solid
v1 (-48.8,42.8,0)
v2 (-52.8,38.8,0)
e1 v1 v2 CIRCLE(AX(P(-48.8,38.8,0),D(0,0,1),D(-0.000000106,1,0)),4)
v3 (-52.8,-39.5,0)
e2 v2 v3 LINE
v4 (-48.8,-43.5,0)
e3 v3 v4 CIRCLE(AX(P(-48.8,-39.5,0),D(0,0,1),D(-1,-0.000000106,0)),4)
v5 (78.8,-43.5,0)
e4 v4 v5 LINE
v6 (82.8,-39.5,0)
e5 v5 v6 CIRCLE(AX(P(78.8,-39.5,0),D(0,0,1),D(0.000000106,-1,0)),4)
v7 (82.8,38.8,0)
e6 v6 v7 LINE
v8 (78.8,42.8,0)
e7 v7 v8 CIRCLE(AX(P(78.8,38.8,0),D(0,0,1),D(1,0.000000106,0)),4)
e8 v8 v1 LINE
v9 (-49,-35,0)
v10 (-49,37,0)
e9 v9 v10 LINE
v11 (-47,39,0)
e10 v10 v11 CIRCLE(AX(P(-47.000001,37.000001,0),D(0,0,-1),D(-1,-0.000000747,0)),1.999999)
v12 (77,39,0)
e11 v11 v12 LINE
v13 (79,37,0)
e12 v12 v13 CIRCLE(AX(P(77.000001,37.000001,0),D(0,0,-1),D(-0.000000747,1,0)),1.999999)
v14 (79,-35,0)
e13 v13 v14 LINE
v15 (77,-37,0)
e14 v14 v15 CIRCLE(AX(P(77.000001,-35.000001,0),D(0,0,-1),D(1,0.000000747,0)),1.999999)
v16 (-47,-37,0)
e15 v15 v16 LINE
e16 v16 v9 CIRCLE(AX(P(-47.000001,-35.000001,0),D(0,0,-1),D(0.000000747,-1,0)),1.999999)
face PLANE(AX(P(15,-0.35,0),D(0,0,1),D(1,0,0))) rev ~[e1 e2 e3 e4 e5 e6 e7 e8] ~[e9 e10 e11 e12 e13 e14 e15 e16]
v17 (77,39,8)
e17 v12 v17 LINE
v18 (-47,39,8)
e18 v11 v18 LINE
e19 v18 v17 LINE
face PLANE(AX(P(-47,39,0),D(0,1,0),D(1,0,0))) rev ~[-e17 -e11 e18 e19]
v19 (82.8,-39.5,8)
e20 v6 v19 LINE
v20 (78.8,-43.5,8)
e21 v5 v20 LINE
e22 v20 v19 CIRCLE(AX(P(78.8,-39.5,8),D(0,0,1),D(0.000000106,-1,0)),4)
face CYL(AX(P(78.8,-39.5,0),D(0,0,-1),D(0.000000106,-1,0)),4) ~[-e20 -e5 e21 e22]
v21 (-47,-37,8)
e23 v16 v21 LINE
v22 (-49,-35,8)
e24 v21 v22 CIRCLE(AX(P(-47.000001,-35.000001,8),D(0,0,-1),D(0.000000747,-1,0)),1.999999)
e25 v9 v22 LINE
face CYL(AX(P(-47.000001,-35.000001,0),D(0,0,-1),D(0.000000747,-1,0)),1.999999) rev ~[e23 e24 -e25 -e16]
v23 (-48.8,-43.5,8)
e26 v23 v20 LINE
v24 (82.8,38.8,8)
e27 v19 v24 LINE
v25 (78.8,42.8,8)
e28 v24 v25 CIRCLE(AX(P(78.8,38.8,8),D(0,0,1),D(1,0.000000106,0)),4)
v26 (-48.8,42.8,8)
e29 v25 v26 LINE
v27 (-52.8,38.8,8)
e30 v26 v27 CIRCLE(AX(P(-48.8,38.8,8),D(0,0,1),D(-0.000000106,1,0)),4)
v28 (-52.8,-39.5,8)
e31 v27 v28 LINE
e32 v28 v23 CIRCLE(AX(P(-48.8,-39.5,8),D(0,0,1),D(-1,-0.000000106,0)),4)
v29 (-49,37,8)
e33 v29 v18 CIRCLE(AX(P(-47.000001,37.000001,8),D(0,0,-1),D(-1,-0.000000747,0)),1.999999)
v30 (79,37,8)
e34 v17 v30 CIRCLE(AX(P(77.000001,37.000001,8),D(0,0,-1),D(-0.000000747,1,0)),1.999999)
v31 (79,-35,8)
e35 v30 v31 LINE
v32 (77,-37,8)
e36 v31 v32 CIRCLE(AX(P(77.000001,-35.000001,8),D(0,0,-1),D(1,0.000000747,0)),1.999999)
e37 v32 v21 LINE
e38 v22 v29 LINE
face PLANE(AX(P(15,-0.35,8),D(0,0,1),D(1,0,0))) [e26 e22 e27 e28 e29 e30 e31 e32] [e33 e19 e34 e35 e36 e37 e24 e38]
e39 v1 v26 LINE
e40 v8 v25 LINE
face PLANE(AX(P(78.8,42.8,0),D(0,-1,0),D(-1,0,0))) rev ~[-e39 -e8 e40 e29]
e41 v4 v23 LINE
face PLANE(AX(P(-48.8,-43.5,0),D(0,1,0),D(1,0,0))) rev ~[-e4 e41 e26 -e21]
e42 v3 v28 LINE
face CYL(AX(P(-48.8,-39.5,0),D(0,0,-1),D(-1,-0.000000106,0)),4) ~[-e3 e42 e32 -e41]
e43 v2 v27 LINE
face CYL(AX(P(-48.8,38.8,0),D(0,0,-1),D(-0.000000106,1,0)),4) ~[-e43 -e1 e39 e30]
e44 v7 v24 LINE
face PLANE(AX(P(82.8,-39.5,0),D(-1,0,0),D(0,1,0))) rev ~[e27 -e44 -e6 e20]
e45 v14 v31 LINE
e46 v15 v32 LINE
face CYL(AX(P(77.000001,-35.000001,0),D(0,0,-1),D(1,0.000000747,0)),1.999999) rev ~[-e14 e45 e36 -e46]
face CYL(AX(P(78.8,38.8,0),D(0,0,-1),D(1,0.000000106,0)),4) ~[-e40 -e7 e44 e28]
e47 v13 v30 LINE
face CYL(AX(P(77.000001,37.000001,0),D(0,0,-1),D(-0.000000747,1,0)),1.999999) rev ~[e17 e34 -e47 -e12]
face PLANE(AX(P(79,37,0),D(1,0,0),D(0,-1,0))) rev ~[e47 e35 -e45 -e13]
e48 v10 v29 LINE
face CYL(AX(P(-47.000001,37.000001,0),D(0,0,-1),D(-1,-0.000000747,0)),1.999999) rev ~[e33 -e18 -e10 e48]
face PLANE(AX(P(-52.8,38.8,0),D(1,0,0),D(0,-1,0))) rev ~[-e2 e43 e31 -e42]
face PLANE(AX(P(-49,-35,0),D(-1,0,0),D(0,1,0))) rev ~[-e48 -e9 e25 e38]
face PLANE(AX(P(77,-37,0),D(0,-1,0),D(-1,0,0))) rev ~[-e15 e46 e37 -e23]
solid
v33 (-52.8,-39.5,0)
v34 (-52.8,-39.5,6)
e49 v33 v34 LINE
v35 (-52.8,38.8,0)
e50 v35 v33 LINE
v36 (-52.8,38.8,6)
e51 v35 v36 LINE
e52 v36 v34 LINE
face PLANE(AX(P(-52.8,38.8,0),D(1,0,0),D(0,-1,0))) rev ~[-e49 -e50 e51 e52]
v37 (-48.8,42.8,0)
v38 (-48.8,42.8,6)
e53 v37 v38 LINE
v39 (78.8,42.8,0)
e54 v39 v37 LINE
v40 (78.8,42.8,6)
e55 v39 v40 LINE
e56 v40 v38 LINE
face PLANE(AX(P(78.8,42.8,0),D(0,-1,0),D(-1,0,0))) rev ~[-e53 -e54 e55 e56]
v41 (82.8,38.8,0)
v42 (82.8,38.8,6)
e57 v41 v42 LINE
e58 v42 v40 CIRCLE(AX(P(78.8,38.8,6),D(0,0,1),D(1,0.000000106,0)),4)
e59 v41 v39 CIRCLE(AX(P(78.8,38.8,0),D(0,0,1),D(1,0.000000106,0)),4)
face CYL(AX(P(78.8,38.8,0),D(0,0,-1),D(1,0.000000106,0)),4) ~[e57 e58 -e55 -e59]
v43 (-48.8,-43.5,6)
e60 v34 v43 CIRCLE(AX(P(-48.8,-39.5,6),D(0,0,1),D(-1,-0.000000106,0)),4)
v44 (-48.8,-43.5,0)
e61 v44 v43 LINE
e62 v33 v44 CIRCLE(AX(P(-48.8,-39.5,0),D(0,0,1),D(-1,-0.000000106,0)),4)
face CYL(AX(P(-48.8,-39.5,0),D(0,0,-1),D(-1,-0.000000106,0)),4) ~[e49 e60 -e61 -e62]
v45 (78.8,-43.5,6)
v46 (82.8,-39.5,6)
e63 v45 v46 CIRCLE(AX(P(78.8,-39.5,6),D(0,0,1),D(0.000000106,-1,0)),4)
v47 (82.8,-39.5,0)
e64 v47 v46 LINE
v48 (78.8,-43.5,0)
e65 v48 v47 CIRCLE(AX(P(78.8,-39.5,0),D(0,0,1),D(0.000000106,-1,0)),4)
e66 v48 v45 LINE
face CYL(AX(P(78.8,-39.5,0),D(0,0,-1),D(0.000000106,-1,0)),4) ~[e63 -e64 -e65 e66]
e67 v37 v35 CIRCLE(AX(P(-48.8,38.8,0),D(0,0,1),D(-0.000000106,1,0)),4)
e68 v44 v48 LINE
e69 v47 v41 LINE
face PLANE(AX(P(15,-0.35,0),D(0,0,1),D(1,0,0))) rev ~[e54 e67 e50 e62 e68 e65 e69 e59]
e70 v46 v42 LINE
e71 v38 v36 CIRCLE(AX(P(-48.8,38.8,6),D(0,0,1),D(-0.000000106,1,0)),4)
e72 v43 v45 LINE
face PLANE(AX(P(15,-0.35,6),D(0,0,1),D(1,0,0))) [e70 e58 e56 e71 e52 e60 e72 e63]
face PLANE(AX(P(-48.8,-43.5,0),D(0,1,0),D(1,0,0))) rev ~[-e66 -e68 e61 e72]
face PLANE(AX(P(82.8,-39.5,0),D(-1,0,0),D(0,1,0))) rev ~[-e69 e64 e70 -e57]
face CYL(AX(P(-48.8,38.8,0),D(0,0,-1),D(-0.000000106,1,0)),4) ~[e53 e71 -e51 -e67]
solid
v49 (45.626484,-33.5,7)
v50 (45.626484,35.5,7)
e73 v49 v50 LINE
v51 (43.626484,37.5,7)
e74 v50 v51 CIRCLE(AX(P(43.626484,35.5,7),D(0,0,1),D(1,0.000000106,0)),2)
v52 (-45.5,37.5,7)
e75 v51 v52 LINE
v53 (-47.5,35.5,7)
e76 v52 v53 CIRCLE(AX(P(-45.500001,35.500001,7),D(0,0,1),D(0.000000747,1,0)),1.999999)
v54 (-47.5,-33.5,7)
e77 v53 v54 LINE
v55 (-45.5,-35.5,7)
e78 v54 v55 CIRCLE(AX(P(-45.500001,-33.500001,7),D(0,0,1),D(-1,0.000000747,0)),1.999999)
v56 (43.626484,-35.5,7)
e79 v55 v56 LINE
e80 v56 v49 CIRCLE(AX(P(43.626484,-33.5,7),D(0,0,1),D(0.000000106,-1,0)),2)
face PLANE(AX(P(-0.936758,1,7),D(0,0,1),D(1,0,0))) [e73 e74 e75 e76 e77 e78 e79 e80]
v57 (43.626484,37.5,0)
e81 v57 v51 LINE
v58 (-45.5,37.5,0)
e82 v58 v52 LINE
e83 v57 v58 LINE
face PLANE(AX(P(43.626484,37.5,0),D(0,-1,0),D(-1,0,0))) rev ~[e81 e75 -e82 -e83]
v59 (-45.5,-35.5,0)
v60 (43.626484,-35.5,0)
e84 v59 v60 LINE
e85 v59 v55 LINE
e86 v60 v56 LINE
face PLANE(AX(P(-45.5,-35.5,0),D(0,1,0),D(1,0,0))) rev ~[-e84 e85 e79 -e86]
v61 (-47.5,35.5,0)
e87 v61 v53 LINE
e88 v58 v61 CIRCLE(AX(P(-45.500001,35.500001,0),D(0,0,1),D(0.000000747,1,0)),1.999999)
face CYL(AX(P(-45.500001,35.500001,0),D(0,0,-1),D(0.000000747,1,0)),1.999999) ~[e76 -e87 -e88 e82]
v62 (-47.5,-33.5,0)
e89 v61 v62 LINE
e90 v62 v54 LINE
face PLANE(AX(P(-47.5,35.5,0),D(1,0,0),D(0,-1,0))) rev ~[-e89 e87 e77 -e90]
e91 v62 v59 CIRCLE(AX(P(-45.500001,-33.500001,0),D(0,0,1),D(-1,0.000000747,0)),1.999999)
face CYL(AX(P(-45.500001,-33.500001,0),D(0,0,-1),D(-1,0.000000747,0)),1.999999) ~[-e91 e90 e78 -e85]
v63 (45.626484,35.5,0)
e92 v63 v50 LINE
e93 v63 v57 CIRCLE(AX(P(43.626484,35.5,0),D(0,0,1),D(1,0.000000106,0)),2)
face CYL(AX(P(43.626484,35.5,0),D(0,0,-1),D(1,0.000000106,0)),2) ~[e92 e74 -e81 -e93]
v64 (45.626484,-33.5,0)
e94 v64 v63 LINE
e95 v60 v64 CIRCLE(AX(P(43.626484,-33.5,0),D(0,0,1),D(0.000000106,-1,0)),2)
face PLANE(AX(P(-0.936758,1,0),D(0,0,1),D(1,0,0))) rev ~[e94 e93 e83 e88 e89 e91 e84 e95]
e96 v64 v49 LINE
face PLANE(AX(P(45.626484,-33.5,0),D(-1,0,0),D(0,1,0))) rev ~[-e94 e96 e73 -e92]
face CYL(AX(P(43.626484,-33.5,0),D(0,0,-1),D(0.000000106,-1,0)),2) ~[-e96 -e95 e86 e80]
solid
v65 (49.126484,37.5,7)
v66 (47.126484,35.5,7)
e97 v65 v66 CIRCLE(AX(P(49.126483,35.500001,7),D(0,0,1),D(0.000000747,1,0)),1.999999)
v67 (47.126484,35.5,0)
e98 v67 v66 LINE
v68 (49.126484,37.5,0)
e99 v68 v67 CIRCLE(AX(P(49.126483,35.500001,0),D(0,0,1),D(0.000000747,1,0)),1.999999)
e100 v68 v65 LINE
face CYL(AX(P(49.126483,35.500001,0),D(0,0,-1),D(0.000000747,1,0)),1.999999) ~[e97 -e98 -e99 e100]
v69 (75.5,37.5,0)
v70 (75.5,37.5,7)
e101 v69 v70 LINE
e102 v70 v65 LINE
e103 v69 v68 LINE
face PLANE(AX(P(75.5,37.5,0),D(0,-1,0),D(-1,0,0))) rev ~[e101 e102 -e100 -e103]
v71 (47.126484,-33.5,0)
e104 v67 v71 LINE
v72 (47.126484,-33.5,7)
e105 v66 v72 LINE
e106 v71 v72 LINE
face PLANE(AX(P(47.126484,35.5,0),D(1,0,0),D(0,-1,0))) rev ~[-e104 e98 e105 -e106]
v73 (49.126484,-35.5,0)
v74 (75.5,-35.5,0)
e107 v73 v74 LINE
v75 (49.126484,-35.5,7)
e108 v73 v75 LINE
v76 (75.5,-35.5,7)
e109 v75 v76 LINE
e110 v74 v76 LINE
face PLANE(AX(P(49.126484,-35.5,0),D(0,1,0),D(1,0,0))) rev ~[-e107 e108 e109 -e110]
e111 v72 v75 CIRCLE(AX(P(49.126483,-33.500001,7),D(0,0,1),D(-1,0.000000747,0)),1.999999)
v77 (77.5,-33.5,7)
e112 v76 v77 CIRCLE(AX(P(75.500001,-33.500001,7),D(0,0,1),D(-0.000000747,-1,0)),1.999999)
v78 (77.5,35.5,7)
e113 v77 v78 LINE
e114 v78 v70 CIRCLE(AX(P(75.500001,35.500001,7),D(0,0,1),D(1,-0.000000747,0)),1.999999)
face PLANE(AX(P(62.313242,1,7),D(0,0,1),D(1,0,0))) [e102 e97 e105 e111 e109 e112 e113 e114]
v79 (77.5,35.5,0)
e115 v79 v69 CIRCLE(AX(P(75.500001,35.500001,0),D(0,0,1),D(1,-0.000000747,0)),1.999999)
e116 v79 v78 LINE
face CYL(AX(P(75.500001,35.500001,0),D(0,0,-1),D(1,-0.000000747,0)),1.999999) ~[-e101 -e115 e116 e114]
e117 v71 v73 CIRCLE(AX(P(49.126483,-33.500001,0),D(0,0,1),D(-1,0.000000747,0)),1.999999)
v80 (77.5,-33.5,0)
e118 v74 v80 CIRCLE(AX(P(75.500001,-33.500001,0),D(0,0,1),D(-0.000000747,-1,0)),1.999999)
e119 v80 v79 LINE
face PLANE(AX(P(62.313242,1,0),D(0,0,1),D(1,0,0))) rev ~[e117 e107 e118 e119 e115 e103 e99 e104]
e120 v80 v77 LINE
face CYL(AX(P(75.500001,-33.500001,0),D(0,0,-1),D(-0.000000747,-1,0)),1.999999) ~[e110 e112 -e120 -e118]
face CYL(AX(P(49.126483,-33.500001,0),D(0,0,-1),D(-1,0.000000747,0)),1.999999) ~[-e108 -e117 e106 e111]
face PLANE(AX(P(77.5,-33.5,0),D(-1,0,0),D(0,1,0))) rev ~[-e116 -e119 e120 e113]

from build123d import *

# Parameters (mm, degrees)
F1_DEPTH = 8
F3_DEPTH = 7
F5_DEPTH = 6


with BuildPart() as f1:
    # F0 (on Top) → F1 (new body)
    with BuildSketch(Plane.XY):
        with BuildLine():
            Line((78.8, 42.8), (-48.8, 42.8))
            ThreePointArc((-48.8, 42.8), (-51.628427, 41.628427), (-52.8, 38.8))
            Line((-52.8, 38.8), (-52.8, -39.5))
            ThreePointArc((-52.8, -39.5), (-51.628427, -42.328427), (-48.8, -43.5))
            Line((-48.8, -43.5), (78.8, -43.5))
            ThreePointArc((78.8, -43.5), (81.628427, -42.328427), (82.8, -39.5))
            Line((82.8, -39.5), (82.8, 38.8))
            ThreePointArc((82.8, 38.8), (81.628427, 41.628427), (78.8, 42.8))
        make_face()
        with BuildLine():
            Line((-47, 39), (77, 39))
            ThreePointArc((77, 39), (78.414214, 38.414214), (79, 37))
            Line((79, 37), (79, -35))
            ThreePointArc((79, -35), (78.414214, -36.414214), (77, -37))
            Line((77, -37), (-47, -37))
            ThreePointArc((-47, -37), (-48.414214, -36.414214), (-49, -35))
            Line((-49, -35), (-49, 37))
            ThreePointArc((-49, 37), (-48.414214, 38.414214), (-47, 39))
        make_face(mode=Mode.SUBTRACT)
    extrude(amount=F1_DEPTH)


with BuildPart() as f3:
    # F2 (on Top) → F3 (new body)
    with BuildSketch(Plane.XY):
        with BuildLine():
            ThreePointArc((45.626484, 35.5), (45.040697, 36.914214), (43.626484, 37.5))
            Line((43.626484, 37.5), (-45.5, 37.5))
            ThreePointArc((-45.5, 37.5), (-46.914214, 36.914214), (-47.5, 35.5))
            Line((-47.5, 35.5), (-47.5, -33.5))
            ThreePointArc((-47.5, -33.5), (-46.914214, -34.914214), (-45.5, -35.5))
            Line((-45.5, -35.5), (43.626484, -35.5))
            ThreePointArc((43.626484, -35.5), (45.040697, -34.914214), (45.626484, -33.5))
            Line((45.626484, -33.5), (45.626484, 35.5))
        make_face()
        with BuildLine():
            Line((75.5, 37.5), (49.126484, 37.5))
            ThreePointArc((49.126484, 37.5), (47.71227, 36.914214), (47.126484, 35.5))
            Line((47.126484, 35.5), (47.126484, -33.5))
            ThreePointArc((47.126484, -33.5), (47.71227, -34.914214), (49.126484, -35.5))
            Line((49.126484, -35.5), (75.5, -35.5))
            ThreePointArc((75.5, -35.5), (76.914214, -34.914214), (77.5, -33.5))
            Line((77.5, -33.5), (77.5, 35.5))
            ThreePointArc((77.5, 35.5), (76.914214, 36.914214), (75.5, 37.5))
        make_face()
    extrude(amount=F3_DEPTH)


with BuildPart() as f5:
    # F4 (on Top) → F5 (new body)
    with BuildSketch(Plane.XY):
        with BuildLine():
            Line((78.8, 42.8), (-48.8, 42.8))
            ThreePointArc((-48.8, 42.8), (-51.628427, 41.628427), (-52.8, 38.8))
            Line((-52.8, 38.8), (-52.8, -39.5))
            ThreePointArc((-52.8, -39.5), (-51.628427, -42.328427), (-48.8, -43.5))
            Line((-48.8, -43.5), (78.8, -43.5))
            ThreePointArc((78.8, -43.5), (81.628427, -42.328427), (82.8, -39.5))
            Line((82.8, -39.5), (82.8, 38.8))
            ThreePointArc((82.8, 38.8), (81.628427, 41.628427), (78.8, 42.8))
        make_face()
    extrude(amount=F5_DEPTH)


solid = Compound([f1.part, f3.part, f5.part])
